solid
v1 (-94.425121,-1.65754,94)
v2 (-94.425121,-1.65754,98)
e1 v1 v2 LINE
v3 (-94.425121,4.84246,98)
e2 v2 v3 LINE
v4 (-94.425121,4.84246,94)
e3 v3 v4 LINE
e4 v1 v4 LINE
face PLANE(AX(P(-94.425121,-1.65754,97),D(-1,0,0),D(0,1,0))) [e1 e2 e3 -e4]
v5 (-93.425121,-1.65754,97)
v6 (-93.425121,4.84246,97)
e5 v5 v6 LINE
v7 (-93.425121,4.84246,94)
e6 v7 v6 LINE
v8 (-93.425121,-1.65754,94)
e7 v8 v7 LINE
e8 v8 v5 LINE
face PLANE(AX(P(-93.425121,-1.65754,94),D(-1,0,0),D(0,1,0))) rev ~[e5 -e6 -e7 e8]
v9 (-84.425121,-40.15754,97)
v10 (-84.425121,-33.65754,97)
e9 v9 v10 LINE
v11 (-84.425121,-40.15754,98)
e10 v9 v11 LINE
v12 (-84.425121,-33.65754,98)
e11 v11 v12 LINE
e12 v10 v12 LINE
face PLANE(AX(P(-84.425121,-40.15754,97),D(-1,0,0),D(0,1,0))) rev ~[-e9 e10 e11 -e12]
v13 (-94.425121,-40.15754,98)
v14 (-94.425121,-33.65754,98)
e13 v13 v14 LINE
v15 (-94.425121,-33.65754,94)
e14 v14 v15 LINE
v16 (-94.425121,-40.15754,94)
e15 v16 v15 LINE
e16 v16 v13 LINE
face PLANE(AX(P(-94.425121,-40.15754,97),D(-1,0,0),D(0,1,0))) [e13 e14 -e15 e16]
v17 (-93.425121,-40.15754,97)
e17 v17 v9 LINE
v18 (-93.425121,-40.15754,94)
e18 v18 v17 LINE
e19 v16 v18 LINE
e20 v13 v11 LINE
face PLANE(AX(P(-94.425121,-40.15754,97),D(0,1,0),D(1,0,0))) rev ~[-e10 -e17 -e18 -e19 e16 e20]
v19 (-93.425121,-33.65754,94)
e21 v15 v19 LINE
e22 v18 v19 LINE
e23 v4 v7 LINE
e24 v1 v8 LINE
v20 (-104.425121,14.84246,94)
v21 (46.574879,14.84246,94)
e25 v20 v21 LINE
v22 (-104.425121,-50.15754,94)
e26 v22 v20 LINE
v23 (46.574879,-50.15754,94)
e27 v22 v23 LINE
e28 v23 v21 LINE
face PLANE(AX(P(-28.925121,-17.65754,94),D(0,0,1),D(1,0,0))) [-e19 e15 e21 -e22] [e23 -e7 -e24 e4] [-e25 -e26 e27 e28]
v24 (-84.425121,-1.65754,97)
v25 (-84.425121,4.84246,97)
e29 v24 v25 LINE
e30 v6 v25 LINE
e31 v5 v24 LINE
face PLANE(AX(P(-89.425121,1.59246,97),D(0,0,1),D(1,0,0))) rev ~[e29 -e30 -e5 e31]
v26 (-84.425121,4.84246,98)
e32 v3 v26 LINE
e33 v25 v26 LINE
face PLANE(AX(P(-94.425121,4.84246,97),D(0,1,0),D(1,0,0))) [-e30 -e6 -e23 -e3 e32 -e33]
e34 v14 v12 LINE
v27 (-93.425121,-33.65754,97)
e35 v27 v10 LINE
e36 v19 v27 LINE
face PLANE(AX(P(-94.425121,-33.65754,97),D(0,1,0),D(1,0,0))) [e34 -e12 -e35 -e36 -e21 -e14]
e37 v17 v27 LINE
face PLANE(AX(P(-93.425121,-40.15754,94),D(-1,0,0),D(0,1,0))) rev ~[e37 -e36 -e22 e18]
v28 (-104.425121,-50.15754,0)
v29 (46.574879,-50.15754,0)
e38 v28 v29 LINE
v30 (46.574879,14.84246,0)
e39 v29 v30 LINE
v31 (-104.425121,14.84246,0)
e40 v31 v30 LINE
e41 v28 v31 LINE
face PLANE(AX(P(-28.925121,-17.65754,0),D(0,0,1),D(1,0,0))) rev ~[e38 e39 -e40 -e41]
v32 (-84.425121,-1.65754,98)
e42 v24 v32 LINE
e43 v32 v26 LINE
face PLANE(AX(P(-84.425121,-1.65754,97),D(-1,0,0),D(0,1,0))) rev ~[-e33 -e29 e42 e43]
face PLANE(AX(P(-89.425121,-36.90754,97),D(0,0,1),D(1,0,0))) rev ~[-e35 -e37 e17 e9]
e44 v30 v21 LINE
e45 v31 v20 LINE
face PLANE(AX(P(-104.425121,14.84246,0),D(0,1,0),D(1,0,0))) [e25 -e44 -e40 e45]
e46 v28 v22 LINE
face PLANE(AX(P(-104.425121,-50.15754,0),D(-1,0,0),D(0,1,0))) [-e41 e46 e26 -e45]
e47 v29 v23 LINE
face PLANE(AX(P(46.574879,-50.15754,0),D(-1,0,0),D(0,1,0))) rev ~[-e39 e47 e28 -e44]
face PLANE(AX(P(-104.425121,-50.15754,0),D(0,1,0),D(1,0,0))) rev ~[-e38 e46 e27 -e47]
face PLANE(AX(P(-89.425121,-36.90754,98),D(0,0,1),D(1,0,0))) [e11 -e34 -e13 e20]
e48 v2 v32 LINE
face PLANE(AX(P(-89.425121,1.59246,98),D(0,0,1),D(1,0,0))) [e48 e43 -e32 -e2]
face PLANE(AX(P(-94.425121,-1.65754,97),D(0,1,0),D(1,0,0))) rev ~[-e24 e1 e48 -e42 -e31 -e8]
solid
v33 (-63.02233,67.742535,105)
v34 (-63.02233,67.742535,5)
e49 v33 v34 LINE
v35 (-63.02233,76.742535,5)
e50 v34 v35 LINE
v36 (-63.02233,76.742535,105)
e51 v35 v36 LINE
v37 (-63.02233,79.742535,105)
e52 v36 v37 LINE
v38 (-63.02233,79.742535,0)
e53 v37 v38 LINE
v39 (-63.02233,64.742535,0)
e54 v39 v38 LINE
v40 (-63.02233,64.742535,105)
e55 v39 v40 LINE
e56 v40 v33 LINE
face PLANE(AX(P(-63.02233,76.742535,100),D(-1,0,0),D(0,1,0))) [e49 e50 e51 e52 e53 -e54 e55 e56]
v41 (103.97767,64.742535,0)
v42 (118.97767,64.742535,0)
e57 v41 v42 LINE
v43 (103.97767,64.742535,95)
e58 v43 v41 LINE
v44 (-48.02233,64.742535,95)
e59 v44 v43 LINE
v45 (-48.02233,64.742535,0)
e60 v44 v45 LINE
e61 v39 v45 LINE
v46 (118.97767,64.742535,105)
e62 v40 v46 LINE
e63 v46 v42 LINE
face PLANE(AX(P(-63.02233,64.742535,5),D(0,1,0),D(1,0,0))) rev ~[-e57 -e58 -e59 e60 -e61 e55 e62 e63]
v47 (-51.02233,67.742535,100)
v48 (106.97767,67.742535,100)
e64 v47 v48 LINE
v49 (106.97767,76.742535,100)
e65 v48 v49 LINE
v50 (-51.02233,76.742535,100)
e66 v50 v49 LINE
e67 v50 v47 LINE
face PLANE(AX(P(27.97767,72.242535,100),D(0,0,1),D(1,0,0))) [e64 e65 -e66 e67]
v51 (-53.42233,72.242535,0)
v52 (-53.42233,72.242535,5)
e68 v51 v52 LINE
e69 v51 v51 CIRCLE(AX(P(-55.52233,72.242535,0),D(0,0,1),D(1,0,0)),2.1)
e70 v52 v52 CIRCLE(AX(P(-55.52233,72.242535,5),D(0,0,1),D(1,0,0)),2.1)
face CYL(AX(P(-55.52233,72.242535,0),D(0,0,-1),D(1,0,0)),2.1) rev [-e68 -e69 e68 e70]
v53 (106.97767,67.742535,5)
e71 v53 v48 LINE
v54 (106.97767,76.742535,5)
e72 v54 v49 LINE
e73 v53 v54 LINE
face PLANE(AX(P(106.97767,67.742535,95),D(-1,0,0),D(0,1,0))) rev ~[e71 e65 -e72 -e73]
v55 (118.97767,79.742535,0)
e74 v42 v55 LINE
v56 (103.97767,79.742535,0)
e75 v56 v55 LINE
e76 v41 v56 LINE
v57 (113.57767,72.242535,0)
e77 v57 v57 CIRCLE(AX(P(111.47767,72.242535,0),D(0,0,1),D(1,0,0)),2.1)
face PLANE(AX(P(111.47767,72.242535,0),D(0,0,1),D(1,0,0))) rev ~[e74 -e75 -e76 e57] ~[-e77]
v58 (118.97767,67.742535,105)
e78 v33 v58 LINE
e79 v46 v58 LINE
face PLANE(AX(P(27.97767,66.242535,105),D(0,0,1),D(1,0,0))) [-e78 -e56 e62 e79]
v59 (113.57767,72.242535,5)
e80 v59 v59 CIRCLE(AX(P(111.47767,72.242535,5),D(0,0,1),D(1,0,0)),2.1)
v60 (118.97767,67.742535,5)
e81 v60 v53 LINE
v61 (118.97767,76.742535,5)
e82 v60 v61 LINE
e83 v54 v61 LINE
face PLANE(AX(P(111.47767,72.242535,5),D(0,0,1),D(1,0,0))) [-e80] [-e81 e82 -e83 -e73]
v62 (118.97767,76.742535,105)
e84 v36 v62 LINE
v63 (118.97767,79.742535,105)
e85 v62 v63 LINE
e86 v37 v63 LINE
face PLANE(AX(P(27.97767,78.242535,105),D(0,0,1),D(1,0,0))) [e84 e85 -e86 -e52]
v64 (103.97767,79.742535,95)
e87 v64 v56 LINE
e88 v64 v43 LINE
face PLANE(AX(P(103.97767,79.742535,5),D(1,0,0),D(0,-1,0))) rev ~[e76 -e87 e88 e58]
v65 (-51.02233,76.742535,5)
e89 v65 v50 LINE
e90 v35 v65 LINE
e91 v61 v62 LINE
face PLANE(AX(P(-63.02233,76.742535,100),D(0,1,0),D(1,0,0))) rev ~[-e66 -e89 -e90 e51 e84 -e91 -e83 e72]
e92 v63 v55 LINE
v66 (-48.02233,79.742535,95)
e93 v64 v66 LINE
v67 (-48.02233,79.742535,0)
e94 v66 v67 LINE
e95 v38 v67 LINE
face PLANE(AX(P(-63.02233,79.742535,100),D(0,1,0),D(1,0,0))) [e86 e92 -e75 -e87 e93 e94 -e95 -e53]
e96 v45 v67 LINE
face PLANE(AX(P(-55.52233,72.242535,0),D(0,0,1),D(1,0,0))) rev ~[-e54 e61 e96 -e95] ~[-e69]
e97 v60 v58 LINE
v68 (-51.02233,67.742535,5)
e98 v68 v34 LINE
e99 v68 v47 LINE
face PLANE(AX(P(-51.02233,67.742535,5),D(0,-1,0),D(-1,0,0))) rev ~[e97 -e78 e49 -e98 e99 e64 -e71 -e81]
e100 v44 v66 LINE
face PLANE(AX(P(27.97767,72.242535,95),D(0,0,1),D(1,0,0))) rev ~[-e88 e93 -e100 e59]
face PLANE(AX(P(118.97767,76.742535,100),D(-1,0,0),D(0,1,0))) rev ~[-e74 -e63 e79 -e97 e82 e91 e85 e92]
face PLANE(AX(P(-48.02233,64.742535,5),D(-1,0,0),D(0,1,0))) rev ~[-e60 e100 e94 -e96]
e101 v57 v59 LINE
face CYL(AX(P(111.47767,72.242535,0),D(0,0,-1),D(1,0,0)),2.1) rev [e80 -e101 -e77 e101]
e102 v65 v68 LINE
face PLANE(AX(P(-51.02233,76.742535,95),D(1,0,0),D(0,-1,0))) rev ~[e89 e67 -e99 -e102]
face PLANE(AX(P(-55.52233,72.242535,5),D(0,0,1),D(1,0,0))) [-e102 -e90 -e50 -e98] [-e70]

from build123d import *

# Parameters (mm, degrees)
F0_W      = 151
F0_H      = 65
F1_DEPTH  = 94
F2_W      = 1
F2_H      = 6.5
F3_DEPTH  = 3
F4_W      = 10
F4_H      = 6.5
F5_DEPTH  = 1
F6_W      = 10
F6_H      = 6.5
F7_DEPTH  = 1
F8_W      = 15
F8_H      = 15
F8_R      = 2.1
F9_DEPTH  = 5
F11_DEPTH = 90
F13_DEPTH = 90
F15_DEPTH = 5
F16_W     = 182
F16_H     = 3
F17_DEPTH = 5


with BuildPart() as f1:
    # F0 (on Top) → F1 (new body)
    with BuildSketch(Plane.XY):
        with Locations((-28.925121, -17.65754)):
            Rectangle(F0_W, F0_H)
    extrude(amount=F1_DEPTH)

    # F2 (on face) → F3 (join)
    with BuildSketch(Plane.XY.offset(94)):
        with Locations((-93.925121, -36.90754)):
            Rectangle(F2_W, F2_H)
        with Locations((-93.925121, 1.59246)):
            Rectangle(F2_W, F2_H)
    extrude(amount=F3_DEPTH)

    # F4 (on face) → F5 (join)
    with BuildSketch(Plane.XY.offset(97)):
        with Locations((-89.425121, -36.90754)):
            Rectangle(F4_W, F4_H)
    extrude(amount=F5_DEPTH)

    # F6 (on face) → F7 (join)
    with BuildSketch(Plane.XY.offset(97)):
        with Locations((-89.425121, 1.59246)):
            Rectangle(F6_W, F6_H)
    extrude(amount=F7_DEPTH)


with BuildPart() as f9:
    # F8 (on Top) → F9 (new body)
    with BuildSketch(Plane.XY):
        with Locations((-55.52233, 72.242535)):
            Rectangle(F8_W, F8_H)
        with Locations((-55.52233, 72.242535)):
            Circle(F8_R, mode=Mode.SUBTRACT)
        with Locations((111.47767, 72.242535)):
            Rectangle(F8_W, F8_H)
        with Locations((111.47767, 72.242535)):
            Circle(F8_R, mode=Mode.SUBTRACT)
    extrude(amount=F9_DEPTH)

    # F10 (on face) → F11 (join)
    with BuildSketch(Plane.XY.offset(5)):
        Polygon((-48.02233, 79.742535), (-63.02233, 79.742535), (-63.02233, 76.742535), (-51.02233, 76.742535), (-51.02233, 67.742535), (-63.02233, 67.742535), (-63.02233, 64.742535), (-48.02233, 64.742535), align=None)
    extrude(amount=F11_DEPTH)

    # F12 (on face) → F13 (join)
    with BuildSketch(Plane.XY.offset(5)):
        Polygon((103.97767, 64.742535), (118.97767, 64.742535), (118.97767, 67.742535), (106.97767, 67.742535), (106.97767, 76.742535), (118.97767, 76.742535), (118.97767, 79.742535), (103.97767, 79.742535), align=None)
    extrude(amount=F13_DEPTH)

    # F14 (on face) → F15 (join)
    with BuildSketch(Plane.XY.offset(95)):
        Polygon((103.97767, 79.742535), (-48.02233, 79.742535), (-63.02233, 79.742535), (-63.02233, 76.742535), (-51.02233, 76.742535), (-51.02233, 67.742535), (-63.02233, 67.742535), (-63.02233, 64.742535), (-48.02233, 64.742535), (103.97767, 64.742535), (118.97767, 64.742535), (118.97767, 67.742535), (106.97767, 67.742535), (106.97767, 76.742535), (118.97767, 76.742535), (118.97767, 79.742535), align=None)
    extrude(amount=F15_DEPTH)

    # F16 (on face) → F17 (join)
    with BuildSketch(Plane.XY.offset(100)):
        with Locations((27.97767, 78.242535)):
            Rectangle(F16_W, F16_H)
        with Locations((27.97767, 66.242535)):
            Rectangle(F16_W, F16_H)
    extrude(amount=F17_DEPTH)


solid = Compound([f1.part, f9.part])
